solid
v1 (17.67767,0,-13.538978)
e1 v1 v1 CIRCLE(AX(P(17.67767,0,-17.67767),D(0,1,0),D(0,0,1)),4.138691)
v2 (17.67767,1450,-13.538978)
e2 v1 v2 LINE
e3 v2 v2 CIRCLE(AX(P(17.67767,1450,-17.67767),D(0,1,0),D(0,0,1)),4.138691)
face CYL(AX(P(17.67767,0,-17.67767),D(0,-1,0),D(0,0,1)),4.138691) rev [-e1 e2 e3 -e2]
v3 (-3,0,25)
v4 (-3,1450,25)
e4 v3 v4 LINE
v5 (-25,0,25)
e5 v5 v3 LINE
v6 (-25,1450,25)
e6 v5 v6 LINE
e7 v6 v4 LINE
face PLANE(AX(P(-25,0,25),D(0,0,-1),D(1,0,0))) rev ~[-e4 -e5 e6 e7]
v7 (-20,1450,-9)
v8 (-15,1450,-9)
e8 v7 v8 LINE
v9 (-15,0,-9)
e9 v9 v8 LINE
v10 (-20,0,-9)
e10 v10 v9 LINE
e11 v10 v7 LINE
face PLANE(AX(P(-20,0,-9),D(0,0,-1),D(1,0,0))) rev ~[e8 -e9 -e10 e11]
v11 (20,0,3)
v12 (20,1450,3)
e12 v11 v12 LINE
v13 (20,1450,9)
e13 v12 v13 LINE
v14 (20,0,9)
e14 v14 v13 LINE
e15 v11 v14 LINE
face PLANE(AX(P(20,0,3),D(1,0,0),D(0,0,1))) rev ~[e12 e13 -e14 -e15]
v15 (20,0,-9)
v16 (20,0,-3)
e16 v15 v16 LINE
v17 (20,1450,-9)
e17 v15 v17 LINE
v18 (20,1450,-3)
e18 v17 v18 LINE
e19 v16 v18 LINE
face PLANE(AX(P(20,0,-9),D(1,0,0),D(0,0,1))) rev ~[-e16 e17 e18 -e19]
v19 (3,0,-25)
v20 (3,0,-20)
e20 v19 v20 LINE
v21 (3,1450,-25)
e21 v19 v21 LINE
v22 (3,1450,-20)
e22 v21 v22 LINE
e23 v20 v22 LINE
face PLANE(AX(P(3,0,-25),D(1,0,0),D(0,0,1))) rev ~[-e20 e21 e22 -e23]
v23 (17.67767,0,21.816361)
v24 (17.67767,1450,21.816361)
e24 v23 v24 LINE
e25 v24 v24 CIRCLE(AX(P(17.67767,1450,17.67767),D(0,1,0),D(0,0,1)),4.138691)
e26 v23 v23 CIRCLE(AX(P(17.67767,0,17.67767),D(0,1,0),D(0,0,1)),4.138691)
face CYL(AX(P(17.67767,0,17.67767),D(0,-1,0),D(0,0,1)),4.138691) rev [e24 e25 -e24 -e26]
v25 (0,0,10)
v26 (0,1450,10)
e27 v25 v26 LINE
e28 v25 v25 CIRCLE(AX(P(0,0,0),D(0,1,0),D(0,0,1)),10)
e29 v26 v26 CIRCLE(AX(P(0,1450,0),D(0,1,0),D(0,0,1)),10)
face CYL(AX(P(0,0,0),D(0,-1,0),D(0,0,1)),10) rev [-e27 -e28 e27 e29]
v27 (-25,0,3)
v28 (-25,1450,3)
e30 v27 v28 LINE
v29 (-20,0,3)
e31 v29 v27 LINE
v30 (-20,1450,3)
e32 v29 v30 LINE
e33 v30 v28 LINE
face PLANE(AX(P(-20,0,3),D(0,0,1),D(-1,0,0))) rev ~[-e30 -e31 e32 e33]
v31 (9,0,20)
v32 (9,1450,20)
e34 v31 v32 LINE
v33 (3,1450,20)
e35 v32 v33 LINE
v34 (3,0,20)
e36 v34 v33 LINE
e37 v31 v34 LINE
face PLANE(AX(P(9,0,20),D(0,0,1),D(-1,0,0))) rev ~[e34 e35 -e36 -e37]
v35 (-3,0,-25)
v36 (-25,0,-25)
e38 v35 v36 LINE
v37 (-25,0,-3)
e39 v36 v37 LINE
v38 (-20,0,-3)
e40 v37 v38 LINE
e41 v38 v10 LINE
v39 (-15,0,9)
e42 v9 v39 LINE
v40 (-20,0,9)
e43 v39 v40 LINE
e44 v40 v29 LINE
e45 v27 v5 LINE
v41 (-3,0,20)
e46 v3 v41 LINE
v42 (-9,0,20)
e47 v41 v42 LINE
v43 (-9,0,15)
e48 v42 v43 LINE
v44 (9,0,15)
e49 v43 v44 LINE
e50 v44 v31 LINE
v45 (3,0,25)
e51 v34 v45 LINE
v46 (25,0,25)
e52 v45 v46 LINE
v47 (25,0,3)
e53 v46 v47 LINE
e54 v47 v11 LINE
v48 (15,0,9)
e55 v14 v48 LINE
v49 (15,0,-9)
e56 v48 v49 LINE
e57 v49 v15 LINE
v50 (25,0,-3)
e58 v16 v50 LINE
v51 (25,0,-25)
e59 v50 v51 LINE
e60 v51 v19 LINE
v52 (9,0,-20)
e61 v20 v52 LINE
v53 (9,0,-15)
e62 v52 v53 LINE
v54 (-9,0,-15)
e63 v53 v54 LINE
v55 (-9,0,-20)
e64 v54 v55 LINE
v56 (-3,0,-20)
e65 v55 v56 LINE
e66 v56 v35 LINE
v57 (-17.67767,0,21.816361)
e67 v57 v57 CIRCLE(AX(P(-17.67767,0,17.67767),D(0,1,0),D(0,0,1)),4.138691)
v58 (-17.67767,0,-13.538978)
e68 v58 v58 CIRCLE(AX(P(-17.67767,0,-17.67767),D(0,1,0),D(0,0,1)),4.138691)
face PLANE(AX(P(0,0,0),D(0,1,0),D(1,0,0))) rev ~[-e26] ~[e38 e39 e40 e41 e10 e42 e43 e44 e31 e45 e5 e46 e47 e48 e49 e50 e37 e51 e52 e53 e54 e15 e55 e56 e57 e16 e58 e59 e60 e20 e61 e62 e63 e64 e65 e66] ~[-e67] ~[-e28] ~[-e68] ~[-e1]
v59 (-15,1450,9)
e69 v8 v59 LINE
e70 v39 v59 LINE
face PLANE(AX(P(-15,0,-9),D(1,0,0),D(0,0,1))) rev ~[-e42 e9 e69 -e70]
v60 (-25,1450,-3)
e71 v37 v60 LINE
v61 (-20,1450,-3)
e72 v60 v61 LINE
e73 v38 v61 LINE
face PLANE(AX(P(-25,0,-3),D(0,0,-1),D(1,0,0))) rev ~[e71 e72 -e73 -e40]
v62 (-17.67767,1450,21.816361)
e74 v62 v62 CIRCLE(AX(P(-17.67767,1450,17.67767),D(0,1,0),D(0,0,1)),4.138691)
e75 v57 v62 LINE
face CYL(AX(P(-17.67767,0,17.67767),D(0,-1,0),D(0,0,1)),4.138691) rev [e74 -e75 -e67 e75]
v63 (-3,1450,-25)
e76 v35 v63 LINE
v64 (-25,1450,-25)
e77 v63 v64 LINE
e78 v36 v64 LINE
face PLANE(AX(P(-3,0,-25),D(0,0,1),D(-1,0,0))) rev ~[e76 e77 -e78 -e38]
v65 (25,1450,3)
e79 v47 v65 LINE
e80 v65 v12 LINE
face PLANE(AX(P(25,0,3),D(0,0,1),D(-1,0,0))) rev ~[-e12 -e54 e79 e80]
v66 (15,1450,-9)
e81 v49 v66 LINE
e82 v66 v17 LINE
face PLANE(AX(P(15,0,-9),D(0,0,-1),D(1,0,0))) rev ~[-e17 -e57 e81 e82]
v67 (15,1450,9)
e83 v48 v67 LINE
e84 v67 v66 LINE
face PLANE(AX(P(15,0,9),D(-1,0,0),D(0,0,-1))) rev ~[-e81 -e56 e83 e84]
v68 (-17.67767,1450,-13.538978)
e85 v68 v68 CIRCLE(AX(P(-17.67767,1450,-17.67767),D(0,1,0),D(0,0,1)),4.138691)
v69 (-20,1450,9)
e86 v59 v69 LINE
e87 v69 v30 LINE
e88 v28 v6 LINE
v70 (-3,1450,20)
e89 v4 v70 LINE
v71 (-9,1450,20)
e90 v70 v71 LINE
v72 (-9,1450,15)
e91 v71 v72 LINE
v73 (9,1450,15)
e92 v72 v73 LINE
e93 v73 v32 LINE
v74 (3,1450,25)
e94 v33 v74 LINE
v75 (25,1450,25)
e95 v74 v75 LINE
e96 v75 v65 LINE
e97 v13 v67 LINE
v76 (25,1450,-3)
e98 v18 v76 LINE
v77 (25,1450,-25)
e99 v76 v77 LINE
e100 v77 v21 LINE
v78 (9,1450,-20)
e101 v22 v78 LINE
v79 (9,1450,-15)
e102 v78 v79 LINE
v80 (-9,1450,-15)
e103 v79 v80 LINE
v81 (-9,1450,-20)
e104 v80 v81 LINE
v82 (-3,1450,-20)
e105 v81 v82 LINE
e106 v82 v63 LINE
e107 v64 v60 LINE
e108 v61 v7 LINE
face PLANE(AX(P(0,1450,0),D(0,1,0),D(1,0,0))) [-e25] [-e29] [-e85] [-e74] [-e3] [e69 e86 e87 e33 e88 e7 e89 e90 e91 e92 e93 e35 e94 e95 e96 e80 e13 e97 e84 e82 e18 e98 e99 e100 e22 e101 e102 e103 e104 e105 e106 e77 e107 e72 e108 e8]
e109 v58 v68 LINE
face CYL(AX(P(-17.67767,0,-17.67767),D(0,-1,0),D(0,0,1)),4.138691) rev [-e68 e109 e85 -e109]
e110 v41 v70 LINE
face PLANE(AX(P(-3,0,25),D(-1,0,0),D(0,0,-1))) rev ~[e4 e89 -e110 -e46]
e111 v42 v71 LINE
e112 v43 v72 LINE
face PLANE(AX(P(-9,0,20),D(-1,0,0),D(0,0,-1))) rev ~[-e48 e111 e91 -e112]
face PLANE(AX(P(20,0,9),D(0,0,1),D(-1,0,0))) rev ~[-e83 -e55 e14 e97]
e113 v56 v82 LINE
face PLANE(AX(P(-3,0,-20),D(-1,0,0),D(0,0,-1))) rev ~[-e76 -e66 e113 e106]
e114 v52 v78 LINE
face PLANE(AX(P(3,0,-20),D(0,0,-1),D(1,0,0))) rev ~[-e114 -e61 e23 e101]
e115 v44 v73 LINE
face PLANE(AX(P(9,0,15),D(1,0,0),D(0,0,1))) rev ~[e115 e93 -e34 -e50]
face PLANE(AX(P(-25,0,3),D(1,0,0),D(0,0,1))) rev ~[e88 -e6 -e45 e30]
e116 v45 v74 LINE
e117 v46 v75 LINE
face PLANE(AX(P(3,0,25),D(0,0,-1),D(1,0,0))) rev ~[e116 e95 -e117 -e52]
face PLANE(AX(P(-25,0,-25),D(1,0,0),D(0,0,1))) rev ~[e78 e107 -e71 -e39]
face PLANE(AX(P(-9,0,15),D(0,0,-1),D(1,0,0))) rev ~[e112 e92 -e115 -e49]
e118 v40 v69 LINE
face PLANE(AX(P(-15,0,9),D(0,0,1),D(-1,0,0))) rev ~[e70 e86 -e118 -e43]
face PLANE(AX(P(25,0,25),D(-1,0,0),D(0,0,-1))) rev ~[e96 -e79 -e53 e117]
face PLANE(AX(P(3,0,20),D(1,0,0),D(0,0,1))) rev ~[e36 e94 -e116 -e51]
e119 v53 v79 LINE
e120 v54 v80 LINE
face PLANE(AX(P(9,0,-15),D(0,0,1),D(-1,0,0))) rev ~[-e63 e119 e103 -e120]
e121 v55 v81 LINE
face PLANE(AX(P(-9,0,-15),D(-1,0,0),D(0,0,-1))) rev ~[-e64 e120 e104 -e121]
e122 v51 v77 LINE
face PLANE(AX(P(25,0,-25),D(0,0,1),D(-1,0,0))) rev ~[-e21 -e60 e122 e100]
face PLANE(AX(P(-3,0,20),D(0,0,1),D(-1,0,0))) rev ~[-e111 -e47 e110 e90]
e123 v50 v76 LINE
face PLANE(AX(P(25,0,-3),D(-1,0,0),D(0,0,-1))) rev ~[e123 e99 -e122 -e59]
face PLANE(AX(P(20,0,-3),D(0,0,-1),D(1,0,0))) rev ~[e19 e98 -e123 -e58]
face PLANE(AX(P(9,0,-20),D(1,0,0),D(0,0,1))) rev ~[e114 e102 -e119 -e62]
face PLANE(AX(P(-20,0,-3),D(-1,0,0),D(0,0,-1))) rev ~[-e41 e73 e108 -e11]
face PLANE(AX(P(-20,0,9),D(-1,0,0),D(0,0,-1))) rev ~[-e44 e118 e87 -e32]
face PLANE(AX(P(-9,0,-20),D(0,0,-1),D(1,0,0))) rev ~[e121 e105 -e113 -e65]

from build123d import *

# Parameters (mm, degrees)
SKETCH1_R           = 10
SKETCH1_R_2         = 4.138691164
BOSS_EXTRUDE1_DEPTH = 1450


with BuildPart() as part:
    # Sketch1 → Boss-Extrude1 (new body)
    with BuildSketch(Plane(origin=(0, 0, 0), x_dir=(1, 0, 0), z_dir=(0, 1, 0))):
        Polygon((-25, -3), (-25, -25), (-3, -25), (-3, -20), (-9, -20), (-9, -15), (9, -15), (9, -20), (3, -20), (3, -25), (25, -25), (25, -3), (20, -3), (20, -9), (15, -9), (15, 9), (20, 9), (20, 3), (25, 3), (25, 25), (3, 25), (3, 20), (9, 20), (9, 15), (-9, 15), (-9, 20), (-3, 20), (-3, 25), (-25, 25), (-25, 3), (-20, 3), (-20, 9), (-15, 9), (-15, -9), (-20, -9), (-20, -3), align=None)
        with Locations(Location((0, 0, 0), (0, 0, 270))):
            Circle(SKETCH1_R, mode=Mode.SUBTRACT)
        with Locations(Location((-17.67766953, 17.67766953, 0), (0, 0, 270))):
            Circle(SKETCH1_R_2, mode=Mode.SUBTRACT)
        with Locations(Location((17.67766953, 17.67766953, 0), (0, 0, 270))):
            Circle(SKETCH1_R_2, mode=Mode.SUBTRACT)
        with Locations(Location((17.67766953, -17.67766953, 0), (0, 0, 270))):
            Circle(SKETCH1_R_2, mode=Mode.SUBTRACT)
        with Locations(Location((-17.67766953, -17.67766953, 0), (0, 0, 270))):
            Circle(SKETCH1_R_2, mode=Mode.SUBTRACT)
    extrude(amount=BOSS_EXTRUDE1_DEPTH)


solid = part.part
